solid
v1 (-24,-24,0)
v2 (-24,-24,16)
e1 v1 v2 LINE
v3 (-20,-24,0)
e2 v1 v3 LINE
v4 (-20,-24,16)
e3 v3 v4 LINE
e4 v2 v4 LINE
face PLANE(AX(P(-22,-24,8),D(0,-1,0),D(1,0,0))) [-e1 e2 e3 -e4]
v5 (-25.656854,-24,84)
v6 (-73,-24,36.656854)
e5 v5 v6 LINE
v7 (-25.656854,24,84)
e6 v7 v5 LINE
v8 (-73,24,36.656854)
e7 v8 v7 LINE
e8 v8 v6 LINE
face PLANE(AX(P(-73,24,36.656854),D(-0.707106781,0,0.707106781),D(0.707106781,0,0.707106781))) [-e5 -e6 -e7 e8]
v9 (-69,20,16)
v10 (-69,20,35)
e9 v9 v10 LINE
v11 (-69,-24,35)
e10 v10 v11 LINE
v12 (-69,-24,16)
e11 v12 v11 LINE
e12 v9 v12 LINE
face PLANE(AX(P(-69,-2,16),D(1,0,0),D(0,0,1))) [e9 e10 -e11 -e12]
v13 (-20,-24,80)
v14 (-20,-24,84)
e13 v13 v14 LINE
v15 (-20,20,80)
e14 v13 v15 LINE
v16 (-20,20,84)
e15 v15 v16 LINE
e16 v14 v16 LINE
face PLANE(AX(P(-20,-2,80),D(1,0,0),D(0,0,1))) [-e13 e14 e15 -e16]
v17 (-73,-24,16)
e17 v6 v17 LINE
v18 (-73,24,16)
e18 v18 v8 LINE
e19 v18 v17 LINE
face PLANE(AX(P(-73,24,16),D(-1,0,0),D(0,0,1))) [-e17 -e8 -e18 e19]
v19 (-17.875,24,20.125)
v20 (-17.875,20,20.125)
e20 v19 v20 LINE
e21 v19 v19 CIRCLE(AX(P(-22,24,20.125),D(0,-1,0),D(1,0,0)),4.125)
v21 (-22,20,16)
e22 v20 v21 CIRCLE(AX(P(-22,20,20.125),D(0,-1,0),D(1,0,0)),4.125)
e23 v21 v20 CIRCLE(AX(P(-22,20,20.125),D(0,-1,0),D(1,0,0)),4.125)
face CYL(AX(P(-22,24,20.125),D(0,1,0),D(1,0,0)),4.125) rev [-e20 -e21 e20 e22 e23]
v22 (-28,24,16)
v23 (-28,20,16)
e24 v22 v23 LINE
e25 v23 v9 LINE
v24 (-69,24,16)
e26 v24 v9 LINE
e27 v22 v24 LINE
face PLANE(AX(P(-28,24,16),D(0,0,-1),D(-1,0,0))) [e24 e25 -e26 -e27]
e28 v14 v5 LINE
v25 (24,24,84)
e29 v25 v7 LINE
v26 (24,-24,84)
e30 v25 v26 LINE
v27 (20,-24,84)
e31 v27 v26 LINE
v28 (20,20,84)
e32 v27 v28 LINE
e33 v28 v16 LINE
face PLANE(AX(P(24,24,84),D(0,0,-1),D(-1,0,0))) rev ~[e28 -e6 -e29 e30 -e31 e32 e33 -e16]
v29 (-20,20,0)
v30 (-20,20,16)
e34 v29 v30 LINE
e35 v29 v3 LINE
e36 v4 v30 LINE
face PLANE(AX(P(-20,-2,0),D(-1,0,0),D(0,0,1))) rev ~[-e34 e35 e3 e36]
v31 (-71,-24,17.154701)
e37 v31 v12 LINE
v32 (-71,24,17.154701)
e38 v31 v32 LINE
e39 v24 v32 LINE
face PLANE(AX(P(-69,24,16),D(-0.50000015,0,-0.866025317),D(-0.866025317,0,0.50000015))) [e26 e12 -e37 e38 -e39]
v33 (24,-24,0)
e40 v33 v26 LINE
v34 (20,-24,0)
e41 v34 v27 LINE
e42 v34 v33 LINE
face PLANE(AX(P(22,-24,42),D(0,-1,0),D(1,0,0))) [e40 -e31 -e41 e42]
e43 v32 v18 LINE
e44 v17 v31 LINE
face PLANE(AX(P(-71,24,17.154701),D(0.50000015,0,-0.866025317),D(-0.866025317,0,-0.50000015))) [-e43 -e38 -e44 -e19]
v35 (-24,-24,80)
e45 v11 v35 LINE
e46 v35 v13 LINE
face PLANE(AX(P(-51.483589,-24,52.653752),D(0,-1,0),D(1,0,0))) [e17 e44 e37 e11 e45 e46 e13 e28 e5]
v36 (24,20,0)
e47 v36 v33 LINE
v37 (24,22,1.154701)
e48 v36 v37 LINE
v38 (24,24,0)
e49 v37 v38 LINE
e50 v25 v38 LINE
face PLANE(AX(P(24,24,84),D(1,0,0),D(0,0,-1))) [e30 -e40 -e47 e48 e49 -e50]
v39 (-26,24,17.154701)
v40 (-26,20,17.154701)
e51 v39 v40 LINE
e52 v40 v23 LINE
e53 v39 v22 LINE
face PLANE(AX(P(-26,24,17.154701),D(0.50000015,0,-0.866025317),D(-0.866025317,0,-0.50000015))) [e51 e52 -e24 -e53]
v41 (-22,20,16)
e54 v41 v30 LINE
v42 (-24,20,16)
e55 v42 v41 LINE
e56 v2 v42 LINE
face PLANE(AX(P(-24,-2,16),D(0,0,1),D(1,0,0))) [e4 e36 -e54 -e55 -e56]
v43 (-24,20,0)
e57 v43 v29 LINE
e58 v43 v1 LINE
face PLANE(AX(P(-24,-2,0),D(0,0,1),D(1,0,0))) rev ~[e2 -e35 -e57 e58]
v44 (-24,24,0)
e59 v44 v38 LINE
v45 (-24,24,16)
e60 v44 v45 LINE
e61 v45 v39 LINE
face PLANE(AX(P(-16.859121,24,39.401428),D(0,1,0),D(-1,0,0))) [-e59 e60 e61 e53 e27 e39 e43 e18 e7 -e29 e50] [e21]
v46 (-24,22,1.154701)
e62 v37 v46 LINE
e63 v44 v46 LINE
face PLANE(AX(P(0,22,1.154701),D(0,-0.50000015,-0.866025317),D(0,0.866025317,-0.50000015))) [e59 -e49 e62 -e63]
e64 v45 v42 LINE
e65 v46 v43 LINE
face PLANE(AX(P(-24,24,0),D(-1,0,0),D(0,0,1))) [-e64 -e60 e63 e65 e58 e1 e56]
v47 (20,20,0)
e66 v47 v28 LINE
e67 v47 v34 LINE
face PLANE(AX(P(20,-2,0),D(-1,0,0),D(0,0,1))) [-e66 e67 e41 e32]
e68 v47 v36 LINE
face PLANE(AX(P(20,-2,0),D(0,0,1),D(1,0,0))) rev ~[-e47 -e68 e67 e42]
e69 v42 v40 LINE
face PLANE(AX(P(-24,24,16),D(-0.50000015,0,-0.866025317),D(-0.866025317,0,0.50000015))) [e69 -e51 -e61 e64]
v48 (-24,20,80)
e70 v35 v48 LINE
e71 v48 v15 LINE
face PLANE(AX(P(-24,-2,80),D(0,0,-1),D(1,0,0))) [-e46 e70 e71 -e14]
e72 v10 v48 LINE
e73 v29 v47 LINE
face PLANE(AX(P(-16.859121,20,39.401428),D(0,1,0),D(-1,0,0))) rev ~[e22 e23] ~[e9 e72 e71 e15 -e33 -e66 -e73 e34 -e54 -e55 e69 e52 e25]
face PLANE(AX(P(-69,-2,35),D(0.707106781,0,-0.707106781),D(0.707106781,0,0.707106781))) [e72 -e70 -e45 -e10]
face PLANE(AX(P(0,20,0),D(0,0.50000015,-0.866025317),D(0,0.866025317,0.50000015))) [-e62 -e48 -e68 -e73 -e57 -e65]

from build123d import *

# Parameters (mm, degrees)
EXTRUDE015_DEPTH = 25
SKETCH011_R      = 4.125
EXTRUDE013_DEPTH = 4
SKETCH010_W      = 4
SKETCH010_H      = 84
SKETCH010_H_2    = 16
EXTRUDE012_DEPTH = 22


with BuildPart() as extrude015:
    # Sketch013 → Extrude015 (new body, symmetric)
    with BuildSketch(Plane.YZ):
        Polygon((-24, 0), (-22, 1.154701), (-20, 0), align=None)
    extrude(amount=EXTRUDE015_DEPTH, both=True)


with BuildPart() as extrude015_1:
    # Extrude015 placement: moved
    add(extrude015.part.moved(Location((0, 44, 0))))


with BuildPart() as cut001:
    # Sketch011 → Extrude013 (new body)
    with BuildSketch(Plane.XZ):
        Polygon((24, 0), (20, 0), (-20, 0), (-24, 0), (-24, 16), (-26, 17.154701), (-28, 16), (-69, 16), (-71, 17.154701), (-73, 16), (-73, 36.656854), (-25.656854, 84), (-20, 84), (20, 84), (24, 84), align=None)
        with Locations((-22, 20.125)):
            Circle(SKETCH011_R, mode=Mode.SUBTRACT)
    extrude(amount=EXTRUDE013_DEPTH)


with BuildPart() as cut001_1:
    # Extrude013 placement: moved
    add(cut001.part.moved(Location((0, 24, 0))))

    # Cut001: cut Extrude015
    add(extrude015_1.part, mode=Mode.SUBTRACT)


with BuildPart() as reject_path:
    # Sketch010 → Extrude012 (new body, symmetric)
    with BuildSketch(Plane.XZ):
        with Locations((22, 42)):
            Rectangle(SKETCH010_W, SKETCH010_H)
        with Locations((-22, 8)):
            Rectangle(SKETCH010_W, SKETCH010_H_2)
        Polygon((-20, 84), (-25.656854, 84), (-73, 36.656854), (-73, 16), (-71, 17.154701), (-69, 16), (-69, 35), (-24, 80), (-20, 80), align=None)
    extrude(amount=EXTRUDE012_DEPTH, both=True)


with BuildPart() as reject_path_1:
    # Extrude012 placement: moved
    add(reject_path.part.moved(Location((0, -2, 0))))

    # Fusion004: union Cut001
    add(cut001_1.part)


solid = reject_path_1.part
